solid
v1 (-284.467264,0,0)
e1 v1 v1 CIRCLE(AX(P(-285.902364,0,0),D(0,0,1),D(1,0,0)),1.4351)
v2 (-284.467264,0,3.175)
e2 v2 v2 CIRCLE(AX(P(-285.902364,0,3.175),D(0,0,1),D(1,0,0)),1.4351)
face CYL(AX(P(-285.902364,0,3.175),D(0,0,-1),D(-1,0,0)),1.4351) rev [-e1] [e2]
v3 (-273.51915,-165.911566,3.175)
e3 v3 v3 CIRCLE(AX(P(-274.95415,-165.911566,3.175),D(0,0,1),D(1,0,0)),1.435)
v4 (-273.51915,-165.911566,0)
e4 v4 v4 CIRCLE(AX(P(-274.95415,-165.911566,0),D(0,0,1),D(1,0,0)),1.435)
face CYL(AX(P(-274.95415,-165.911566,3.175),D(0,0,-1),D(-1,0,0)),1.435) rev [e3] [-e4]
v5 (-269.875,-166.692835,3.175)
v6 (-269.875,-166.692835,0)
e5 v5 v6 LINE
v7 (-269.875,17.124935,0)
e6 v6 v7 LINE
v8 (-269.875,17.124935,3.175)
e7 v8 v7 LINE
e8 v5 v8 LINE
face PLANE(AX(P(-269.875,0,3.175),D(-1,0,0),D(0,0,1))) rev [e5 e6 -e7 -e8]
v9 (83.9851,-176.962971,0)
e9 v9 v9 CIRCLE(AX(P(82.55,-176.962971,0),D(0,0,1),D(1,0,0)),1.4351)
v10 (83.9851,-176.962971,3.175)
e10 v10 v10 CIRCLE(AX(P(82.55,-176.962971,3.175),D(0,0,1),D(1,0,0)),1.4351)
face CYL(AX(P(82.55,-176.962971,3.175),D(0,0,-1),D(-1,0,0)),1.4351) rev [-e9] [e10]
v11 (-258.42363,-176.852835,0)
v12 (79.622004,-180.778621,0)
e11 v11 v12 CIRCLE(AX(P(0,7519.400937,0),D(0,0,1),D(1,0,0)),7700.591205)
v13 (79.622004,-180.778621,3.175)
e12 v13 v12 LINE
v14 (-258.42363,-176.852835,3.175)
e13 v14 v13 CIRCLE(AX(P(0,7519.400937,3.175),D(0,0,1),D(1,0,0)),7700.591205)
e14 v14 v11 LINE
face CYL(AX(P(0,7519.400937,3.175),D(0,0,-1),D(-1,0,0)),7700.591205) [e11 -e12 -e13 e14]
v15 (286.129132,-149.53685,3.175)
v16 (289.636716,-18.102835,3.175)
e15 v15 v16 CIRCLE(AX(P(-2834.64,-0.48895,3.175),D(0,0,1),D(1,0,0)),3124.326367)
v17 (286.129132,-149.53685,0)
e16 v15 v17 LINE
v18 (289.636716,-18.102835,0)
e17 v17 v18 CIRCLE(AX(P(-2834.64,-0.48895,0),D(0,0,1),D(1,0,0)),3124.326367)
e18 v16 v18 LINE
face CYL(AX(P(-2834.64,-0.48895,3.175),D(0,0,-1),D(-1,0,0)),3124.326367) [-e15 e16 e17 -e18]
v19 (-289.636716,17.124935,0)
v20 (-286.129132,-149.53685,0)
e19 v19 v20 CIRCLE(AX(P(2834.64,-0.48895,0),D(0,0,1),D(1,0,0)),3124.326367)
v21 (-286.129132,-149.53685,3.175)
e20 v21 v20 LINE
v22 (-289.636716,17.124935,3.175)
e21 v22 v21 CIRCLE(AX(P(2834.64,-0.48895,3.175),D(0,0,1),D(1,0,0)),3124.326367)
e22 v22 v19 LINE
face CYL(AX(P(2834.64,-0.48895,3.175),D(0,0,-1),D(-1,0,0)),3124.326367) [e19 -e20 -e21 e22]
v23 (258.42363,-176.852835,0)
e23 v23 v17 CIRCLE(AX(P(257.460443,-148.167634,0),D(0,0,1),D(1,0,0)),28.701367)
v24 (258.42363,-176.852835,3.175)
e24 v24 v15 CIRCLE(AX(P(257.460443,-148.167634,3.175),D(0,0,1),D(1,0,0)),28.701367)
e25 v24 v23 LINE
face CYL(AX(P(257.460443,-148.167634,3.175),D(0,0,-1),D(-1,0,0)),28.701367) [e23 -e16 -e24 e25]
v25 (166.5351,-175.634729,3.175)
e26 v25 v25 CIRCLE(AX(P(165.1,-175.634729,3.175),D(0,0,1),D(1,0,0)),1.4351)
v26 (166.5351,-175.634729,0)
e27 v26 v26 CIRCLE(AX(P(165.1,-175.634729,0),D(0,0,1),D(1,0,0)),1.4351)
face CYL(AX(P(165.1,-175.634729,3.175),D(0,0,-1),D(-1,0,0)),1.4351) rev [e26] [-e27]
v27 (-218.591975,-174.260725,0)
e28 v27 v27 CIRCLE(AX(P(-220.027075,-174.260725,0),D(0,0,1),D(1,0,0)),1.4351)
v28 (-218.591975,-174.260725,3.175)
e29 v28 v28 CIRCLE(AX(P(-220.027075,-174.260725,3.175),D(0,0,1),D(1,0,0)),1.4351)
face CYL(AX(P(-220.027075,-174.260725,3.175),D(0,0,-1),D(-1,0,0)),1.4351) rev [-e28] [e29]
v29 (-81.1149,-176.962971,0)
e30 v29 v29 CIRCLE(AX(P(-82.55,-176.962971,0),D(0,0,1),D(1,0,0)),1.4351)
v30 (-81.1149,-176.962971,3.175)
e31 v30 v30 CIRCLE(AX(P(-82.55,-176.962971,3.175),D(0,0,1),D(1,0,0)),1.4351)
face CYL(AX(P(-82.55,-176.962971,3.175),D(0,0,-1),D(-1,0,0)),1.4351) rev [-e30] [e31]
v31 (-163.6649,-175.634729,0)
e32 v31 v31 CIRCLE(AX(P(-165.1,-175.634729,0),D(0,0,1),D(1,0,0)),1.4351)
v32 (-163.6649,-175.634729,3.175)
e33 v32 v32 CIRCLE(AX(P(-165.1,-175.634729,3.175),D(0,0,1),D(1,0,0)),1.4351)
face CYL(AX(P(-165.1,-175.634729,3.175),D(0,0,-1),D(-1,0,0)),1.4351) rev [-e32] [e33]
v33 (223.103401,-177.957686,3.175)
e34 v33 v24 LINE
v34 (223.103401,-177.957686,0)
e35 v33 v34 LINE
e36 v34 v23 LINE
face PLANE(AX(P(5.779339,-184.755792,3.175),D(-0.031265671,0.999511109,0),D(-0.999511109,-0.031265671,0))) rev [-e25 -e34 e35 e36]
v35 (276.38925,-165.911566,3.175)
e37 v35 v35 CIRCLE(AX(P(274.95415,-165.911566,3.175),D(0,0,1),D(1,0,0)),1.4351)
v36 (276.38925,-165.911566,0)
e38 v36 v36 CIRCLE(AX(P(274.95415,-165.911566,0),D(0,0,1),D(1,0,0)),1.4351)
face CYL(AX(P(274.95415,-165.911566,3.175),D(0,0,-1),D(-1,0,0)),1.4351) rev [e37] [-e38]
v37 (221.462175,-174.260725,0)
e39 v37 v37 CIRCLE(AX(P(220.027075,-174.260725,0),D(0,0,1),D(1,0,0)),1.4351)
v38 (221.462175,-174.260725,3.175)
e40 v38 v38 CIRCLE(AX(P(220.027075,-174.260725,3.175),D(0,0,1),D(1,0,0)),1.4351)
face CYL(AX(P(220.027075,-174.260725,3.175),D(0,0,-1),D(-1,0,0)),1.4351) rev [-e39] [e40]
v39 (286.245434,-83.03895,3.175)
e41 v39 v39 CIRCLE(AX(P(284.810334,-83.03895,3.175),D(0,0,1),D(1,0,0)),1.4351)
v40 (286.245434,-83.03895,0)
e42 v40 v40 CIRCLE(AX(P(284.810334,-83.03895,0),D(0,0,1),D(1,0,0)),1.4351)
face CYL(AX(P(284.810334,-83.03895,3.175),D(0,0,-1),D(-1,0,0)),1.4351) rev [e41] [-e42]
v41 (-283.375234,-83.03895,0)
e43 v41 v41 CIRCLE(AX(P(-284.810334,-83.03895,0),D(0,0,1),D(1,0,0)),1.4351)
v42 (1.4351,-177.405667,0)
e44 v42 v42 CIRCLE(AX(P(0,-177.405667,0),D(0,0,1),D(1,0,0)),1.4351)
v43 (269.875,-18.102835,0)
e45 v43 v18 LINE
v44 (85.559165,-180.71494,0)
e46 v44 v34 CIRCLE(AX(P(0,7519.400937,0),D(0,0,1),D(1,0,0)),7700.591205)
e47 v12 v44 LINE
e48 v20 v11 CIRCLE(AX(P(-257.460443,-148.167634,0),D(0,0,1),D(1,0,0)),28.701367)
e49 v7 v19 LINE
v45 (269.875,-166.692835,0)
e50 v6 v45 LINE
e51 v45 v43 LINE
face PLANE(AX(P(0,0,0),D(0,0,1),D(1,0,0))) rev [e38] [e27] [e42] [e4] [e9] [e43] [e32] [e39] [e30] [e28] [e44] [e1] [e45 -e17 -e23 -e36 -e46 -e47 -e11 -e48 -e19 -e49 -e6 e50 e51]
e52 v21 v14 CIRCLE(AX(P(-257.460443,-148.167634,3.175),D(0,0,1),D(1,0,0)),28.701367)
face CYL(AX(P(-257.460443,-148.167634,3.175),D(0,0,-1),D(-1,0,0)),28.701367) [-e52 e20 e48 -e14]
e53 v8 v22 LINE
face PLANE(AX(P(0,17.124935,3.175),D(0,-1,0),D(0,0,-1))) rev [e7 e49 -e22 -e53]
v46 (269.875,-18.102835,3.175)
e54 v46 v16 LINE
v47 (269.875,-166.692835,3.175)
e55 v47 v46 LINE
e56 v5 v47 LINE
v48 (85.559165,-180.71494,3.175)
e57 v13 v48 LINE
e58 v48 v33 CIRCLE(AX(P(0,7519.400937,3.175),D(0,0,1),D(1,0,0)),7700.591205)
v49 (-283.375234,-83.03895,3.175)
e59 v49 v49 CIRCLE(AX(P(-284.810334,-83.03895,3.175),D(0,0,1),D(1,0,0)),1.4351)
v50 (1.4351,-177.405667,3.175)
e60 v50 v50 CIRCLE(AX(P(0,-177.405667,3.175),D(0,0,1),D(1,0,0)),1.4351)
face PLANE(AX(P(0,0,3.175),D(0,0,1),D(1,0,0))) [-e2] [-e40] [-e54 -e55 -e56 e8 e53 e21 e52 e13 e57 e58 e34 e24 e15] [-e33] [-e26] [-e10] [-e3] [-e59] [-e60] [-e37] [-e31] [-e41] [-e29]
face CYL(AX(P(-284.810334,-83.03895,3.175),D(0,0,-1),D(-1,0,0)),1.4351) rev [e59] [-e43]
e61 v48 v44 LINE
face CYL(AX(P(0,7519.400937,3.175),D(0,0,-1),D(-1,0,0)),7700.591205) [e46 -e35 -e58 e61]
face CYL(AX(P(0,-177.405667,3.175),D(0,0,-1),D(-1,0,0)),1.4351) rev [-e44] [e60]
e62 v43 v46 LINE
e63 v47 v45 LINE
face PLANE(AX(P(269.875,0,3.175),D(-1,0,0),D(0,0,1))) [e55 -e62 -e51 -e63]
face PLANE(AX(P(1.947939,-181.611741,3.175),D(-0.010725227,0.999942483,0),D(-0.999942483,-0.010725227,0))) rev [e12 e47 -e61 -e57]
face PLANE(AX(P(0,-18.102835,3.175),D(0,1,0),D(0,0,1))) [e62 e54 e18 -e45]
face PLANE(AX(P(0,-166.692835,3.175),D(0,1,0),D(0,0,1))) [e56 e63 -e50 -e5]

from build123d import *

# Parameters (mm, degrees)
SKETCH1_R           = 1.435
SKETCH1_R_2         = 1.4351
BOSS_EXTRUDE1_DEPTH = 3.175
SKETCH2_W           = 534.158263194
SKETCH2_H           = 314.627770006
SKETCH2_R           = 1.4351
CUT_EXTRUDE1_DEPTH  = 342.698968356
CUT_EXTRUDE2_DEPTH  = 342.698968356


with BuildPart() as part:
    # Sketch1 → Boss-Extrude1 (new body)
    with BuildSketch(Plane.XY):
        with BuildLine():
            ThreePointArc((2.968751211, -181.189695026), (41.295889155, -181.079537948), (79.6220041, -180.778621425))
            Line((79.6220041, -180.778621425), (85.559165015, -180.714940362))
            ThreePointArc((85.559165015, -180.714940362), (123.887667874, -180.193645916), (162.213100977, -179.481566675))
            ThreePointArc((162.213100977, -179.481566675), (165.18118139, -179.418457741), (168.149237253, -179.35420455))
            ThreePointArc((168.149237253, -179.35420455), (192.659124698, -178.779845314), (217.167059321, -178.127456184))
            ThreePointArc((217.167059321, -178.127456184), (220.135246662, -178.043143258), (223.103401271, -177.957685792))
            Line((223.103401271, -177.957685792), (258.423629847, -176.852835003))
            ThreePointArc((258.423629847, -176.852835003), (267.290868319, -175.133004675), (275.18450496, -170.742533734))
            ThreePointArc((275.18450496, -170.742533734), (277.610750544, -168.6061656), (279.781359306, -166.210504095))
            ThreePointArc((279.781359306, -166.210504095), (284.283709644, -158.379432473), (286.129131597, -149.53685032))
            ThreePointArc((286.129131597, -149.53685032), (287.482131945, -117.828809116), (288.512976487, -86.108660213))
            ThreePointArc((288.512976487, -86.108660213), (288.592974065, -83.139049998), (288.670148028, -80.169365063))
            ThreePointArc((288.670148028, -80.169365063), (289.416235277, -41.572865854), (289.685382101, -2.970094485))
            ThreePointArc((289.685382101, -2.970094485), (289.686328933, 0.0005929), (289.684451162, 2.971279842))
            ThreePointArc((289.684451162, 2.971279842), (289.409759592, 41.084465923), (288.670148028, 79.191465063))
            ThreePointArc((288.670148028, 79.191465063), (288.592974065, 82.161149998), (288.512976487, 85.130760213))
            ThreePointArc((288.512976487, 85.130760213), (287.482131945, 116.850909116), (286.129131597, 148.55895032))
            ThreePointArc((286.129131597, 148.55895032), (284.283709644, 157.401532473), (279.781359306, 165.232604095))
            ThreePointArc((279.781359306, 165.232604095), (277.610750544, 167.6282656), (275.18450496, 169.764633734))
            ThreePointArc((275.18450496, 169.764633734), (267.290868319, 174.155104675), (258.423629847, 175.874935003))
            ThreePointArc((258.423629847, 175.874935003), (240.76414932, 176.447620699), (223.103401271, 176.979785792))
            ThreePointArc((223.103401271, 176.979785792), (220.135246662, 177.065243258), (217.167059321, 177.149556184))
            ThreePointArc((217.167059321, 177.149556184), (192.659124698, 177.801945314), (168.149237253, 178.37630455))
            ThreePointArc((168.149237253, 178.37630455), (165.18118139, 178.440557741), (162.213100977, 178.503666675))
            ThreePointArc((162.213100977, 178.503666675), (123.887667874, 179.215745916), (85.559165015, 179.737040362))
            ThreePointArc((85.559165015, 179.737040362), (82.590590695, 179.769453121), (79.6220041, 179.800721425))
            ThreePointArc((79.6220041, 179.800721425), (41.295889155, 180.101637948), (2.968751211, 180.211795026))
            ThreePointArc((2.968751211, 180.211795026), (0, 180.212367286), (-2.968751211, 180.211795026))
            ThreePointArc((-2.968751211, 180.211795026), (-41.295889155, 180.101637948), (-79.6220041, 179.800721425))
            ThreePointArc((-79.6220041, 179.800721425), (-82.590590695, 179.769453121), (-85.559165015, 179.737040362))
            ThreePointArc((-85.559165015, 179.737040362), (-123.887667874, 179.215745916), (-162.213100977, 178.503666675))
            ThreePointArc((-162.213100977, 178.503666675), (-165.18118139, 178.440557741), (-168.149237253, 178.37630455))
            ThreePointArc((-168.149237253, 178.37630455), (-192.659124698, 177.801945314), (-217.167059321, 177.149556184))
            ThreePointArc((-217.167059321, 177.149556184), (-220.135246662, 177.065243258), (-223.103401271, 176.979785792))
            ThreePointArc((-223.103401271, 176.979785792), (-240.76414932, 176.447620699), (-258.423629847, 175.874935003))
            ThreePointArc((-258.423629847, 175.874935003), (-267.290868319, 174.155104675), (-275.18450496, 169.764633734))
            ThreePointArc((-275.18450496, 169.764633734), (-277.610750544, 167.6282656), (-279.781359306, 165.232604095))
            ThreePointArc((-279.781359306, 165.232604095), (-284.283709644, 157.401532473), (-286.129131597, 148.55895032))
            ThreePointArc((-286.129131597, 148.55895032), (-287.482131945, 116.850909116), (-288.512976487, 85.130760213))
            ThreePointArc((-288.512976487, 85.130760213), (-288.592974065, 82.161149998), (-288.670148028, 79.191465063))
            ThreePointArc((-288.670148028, 79.191465063), (-289.409759592, 41.084465923), (-289.684451162, 2.971279842))
            ThreePointArc((-289.684451162, 2.971279842), (-289.686328933, 0.0005929), (-289.685382101, -2.970094485))
            ThreePointArc((-289.685382101, -2.970094485), (-289.416235277, -41.572865854), (-288.670148028, -80.169365063))
            ThreePointArc((-288.670148028, -80.169365063), (-288.592974065, -83.139049998), (-288.512976487, -86.108660213))
            ThreePointArc((-288.512976487, -86.108660213), (-287.482131945, -117.828809116), (-286.129131597, -149.53685032))
            ThreePointArc((-286.129131597, -149.53685032), (-284.283709644, -158.379432473), (-279.781359306, -166.210504095))
            ThreePointArc((-279.781359306, -166.210504095), (-277.610750544, -168.6061656), (-275.18450496, -170.742533734))
            ThreePointArc((-275.18450496, -170.742533734), (-267.290868319, -175.133004675), (-258.423629847, -176.852835003))
            ThreePointArc((-258.423629847, -176.852835003), (-240.76414932, -177.425520699), (-223.103401271, -177.957685792))
            ThreePointArc((-223.103401271, -177.957685792), (-220.135246662, -178.043143258), (-217.167059321, -178.127456184))
            ThreePointArc((-217.167059321, -178.127456184), (-192.659124698, -178.779845314), (-168.149237253, -179.35420455))
            ThreePointArc((-168.149237253, -179.35420455), (-165.18118139, -179.418457741), (-162.213100977, -179.481566675))
            ThreePointArc((-162.213100977, -179.481566675), (-123.887667874, -180.193645916), (-85.559165015, -180.714940362))
            ThreePointArc((-85.559165015, -180.714940362), (-82.590590695, -180.747353121), (-79.6220041, -180.778621425))
            ThreePointArc((-79.6220041, -180.778621425), (-41.295889155, -181.079537948), (-2.968751211, -181.189695026))
            ThreePointArc((-2.968751211, -181.189695026), (0, -181.190267286), (2.968751211, -181.189695026))
        make_face()
        with Locations((-274.954150451, -165.911566346)):
            Circle(SKETCH1_R, mode=Mode.SUBTRACT)
        with Locations((-220.027075225, -174.260724966)):
            Circle(SKETCH1_R_2, mode=Mode.SUBTRACT)
        with Locations((-165.1, -175.63472853)):
            Circle(SKETCH1_R_2, mode=Mode.SUBTRACT)
        with Locations((-82.55, -176.962970799)):
            Circle(SKETCH1_R_2, mode=Mode.SUBTRACT)
        with Locations((0, -177.405667286)):
            Circle(SKETCH1_R_2, mode=Mode.SUBTRACT)
        with Locations((-284.81033356, -83.03895)):
            Circle(SKETCH1_R_2, mode=Mode.SUBTRACT)
        with Locations((82.55, -176.962970799)):
            Circle(SKETCH1_R_2, mode=Mode.SUBTRACT)
        with Locations((165.1, -175.63472853)):
            Circle(SKETCH1_R_2, mode=Mode.SUBTRACT)
        with Locations((220.027075225, -174.260724966)):
            Circle(SKETCH1_R_2, mode=Mode.SUBTRACT)
        with Locations((274.954150451, -165.911566346)):
            Circle(SKETCH1_R_2, mode=Mode.SUBTRACT)
        with Locations((284.81033356, -83.03895)):
            Circle(SKETCH1_R_2, mode=Mode.SUBTRACT)
        with Locations((-285.902364234, 0)):
            Circle(SKETCH1_R_2, mode=Mode.SUBTRACT)
        with Locations((-284.81033356, 82.06105)):
            Circle(SKETCH1_R_2, mode=Mode.SUBTRACT)
        with Locations((-274.954150451, 164.933666346)):
            Circle(SKETCH1_R_2, mode=Mode.SUBTRACT)
        with Locations((-220.027075225, 173.282824966)):
            Circle(SKETCH1_R_2, mode=Mode.SUBTRACT)
        with Locations((-165.1, 174.65682853)):
            Circle(SKETCH1_R_2, mode=Mode.SUBTRACT)
        with Locations((-82.55, 175.985070799)):
            Circle(SKETCH1_R_2, mode=Mode.SUBTRACT)
        with Locations((0, 176.427767286)):
            Circle(SKETCH1_R_2, mode=Mode.SUBTRACT)
        with Locations((285.902364234, 0)):
            Circle(SKETCH1_R_2, mode=Mode.SUBTRACT)
        with Locations((284.81033356, 82.06105)):
            Circle(SKETCH1_R_2, mode=Mode.SUBTRACT)
        with Locations((82.55, 175.985070799)):
            Circle(SKETCH1_R_2, mode=Mode.SUBTRACT)
        with Locations((165.1, 174.65682853)):
            Circle(SKETCH1_R_2, mode=Mode.SUBTRACT)
        with Locations((220.027075225, 173.282824966)):
            Circle(SKETCH1_R_2, mode=Mode.SUBTRACT)
        with Locations((274.954150451, 164.933666346)):
            Circle(SKETCH1_R_2, mode=Mode.SUBTRACT)
    extrude(amount=BOSS_EXTRUDE1_DEPTH)

    # Sketch2 → Cut-Extrude1 (cut, through all)
    # profile 1 of 3: a face of its own
    with BuildSketch(Plane(origin=(0, 0, 0), x_dir=(-1, 0, 0), z_dir=(0, 0, -1))):
        with Locations((0, -0.48895)):
            Rectangle(SKETCH2_W, SKETCH2_H)
    # profile 2 of 3: a face of its own
    with BuildSketch(Plane(origin=(0, 0, 0), x_dir=(-1, 0, 0), z_dir=(0, 0, -1))):
        with BuildLine():
            Line((267.079131597, 156.824935003), (267.079131597, 17.124935003))
            Line((267.079131597, 17.124935003), (289.636716357, 17.124935003))
            ThreePointArc((289.636716357, 17.124935003), (288.574391594, 82.860395885), (286.129131597, 148.55895032))
            ThreePointArc((286.129131597, 148.55895032), (277.611193872, 167.627828514), (258.423629847, 175.874935003))
            ThreePointArc((258.423629847, 175.874935003), (0, 180.212367286), (-258.423629847, 175.874935003))
            ThreePointArc((-258.423629847, 175.874935003), (-277.611193872, 167.627828514), (-286.129131597, 148.55895032))
            ThreePointArc((-286.129131597, 148.55895032), (-288.994653482, 65.251455257), (-289.636716357, -18.102835003))
            Line((-289.636716357, -18.102835003), (-267.079131597, -18.102835003))
            Line((-267.079131597, -18.102835003), (-267.079131597, 156.824935003))
            Line((-267.079131597, 156.824935003), (267.079131597, 156.824935003))
        make_face()
        with Locations((-285.902364234, 0)):
            Circle(SKETCH2_R, mode=Mode.SUBTRACT)
        with Locations((-284.81033356, 82.06105)):
            Circle(SKETCH2_R, mode=Mode.SUBTRACT)
        with Locations((-274.954150451, 164.933666346)):
            Circle(SKETCH2_R, mode=Mode.SUBTRACT)
        with Locations((-220.027075225, 173.282824966)):
            Circle(SKETCH2_R, mode=Mode.SUBTRACT)
        with Locations((-165.1, 174.65682853)):
            Circle(SKETCH2_R, mode=Mode.SUBTRACT)
        with Locations((-82.55, 175.985070799)):
            Circle(SKETCH2_R, mode=Mode.SUBTRACT)
        with Locations((284.81033356, 82.06105)):
            Circle(SKETCH2_R, mode=Mode.SUBTRACT)
        with Locations((0, 176.427767286)):
            Circle(SKETCH2_R, mode=Mode.SUBTRACT)
        with Locations((82.55, 175.985070799)):
            Circle(SKETCH2_R, mode=Mode.SUBTRACT)
        with Locations((274.954150451, 164.933666346)):
            Circle(SKETCH2_R, mode=Mode.SUBTRACT)
        with Locations((165.1, 174.65682853)):
            Circle(SKETCH2_R, mode=Mode.SUBTRACT)
        with Locations((220.027075225, 173.282824966)):
            Circle(SKETCH2_R, mode=Mode.SUBTRACT)
    # profile 3 of 3: a face of its own
    with BuildSketch(Plane(origin=(0, 0, 0), x_dir=(-1, 0, 0), z_dir=(0, 0, -1))):
        with BuildLine():
            ThreePointArc((286.129131597, 148.55895032), (288.574391594, 82.860395885), (289.636716357, 17.124935003))
            Line((289.636716357, 17.124935003), (305.179131597, 17.124935003))
            Line((305.179131597, 17.124935003), (305.179131597, 212.688590186))
            Line((305.179131597, 212.688590186), (-305.179131597, 212.688590186))
            Line((-305.179131597, 212.688590186), (-305.179131597, -18.102835003))
            Line((-305.179131597, -18.102835003), (-289.636716357, -18.102835003))
            ThreePointArc((-289.636716357, -18.102835003), (-288.994653482, 65.251455257), (-286.129131597, 148.55895032))
            ThreePointArc((-286.129131597, 148.55895032), (-277.611193872, 167.627828514), (-258.423629847, 175.874935003))
            ThreePointArc((-258.423629847, 175.874935003), (0, 180.212367286), (258.423629847, 175.874935003))
            ThreePointArc((258.423629847, 175.874935003), (277.611193872, 167.627828514), (286.129131597, 148.55895032))
        make_face()
    extrude(amount=-CUT_EXTRUDE1_DEPTH, mode=Mode.SUBTRACT)

    # Sketch3 → Cut-Extrude2 (cut, through all)
    with BuildSketch(Plane(origin=(0, 0, 0), x_dir=(-1, 0, 0), z_dir=(0, 0, -1))):
        Polygon((-269.875, 17.124935003), (-269.875, -18.102835003), (-267.079131597, -18.102835003), (-267.079131597, -157.802835003), (267.079131597, -157.802835003), (267.079131597, 17.124935003), align=None)
        Polygon((-269.875, -166.692835003), (269.875, -166.692835003), (269.875, 17.124935003), (267.079131597, 17.124935003), (267.079131597, -157.802835003), (-267.079131597, -157.802835003), (-267.079131597, -18.102835003), (-269.875, -18.102835003), align=None)
    extrude(amount=-CUT_EXTRUDE2_DEPTH, mode=Mode.SUBTRACT)


solid = part.part
